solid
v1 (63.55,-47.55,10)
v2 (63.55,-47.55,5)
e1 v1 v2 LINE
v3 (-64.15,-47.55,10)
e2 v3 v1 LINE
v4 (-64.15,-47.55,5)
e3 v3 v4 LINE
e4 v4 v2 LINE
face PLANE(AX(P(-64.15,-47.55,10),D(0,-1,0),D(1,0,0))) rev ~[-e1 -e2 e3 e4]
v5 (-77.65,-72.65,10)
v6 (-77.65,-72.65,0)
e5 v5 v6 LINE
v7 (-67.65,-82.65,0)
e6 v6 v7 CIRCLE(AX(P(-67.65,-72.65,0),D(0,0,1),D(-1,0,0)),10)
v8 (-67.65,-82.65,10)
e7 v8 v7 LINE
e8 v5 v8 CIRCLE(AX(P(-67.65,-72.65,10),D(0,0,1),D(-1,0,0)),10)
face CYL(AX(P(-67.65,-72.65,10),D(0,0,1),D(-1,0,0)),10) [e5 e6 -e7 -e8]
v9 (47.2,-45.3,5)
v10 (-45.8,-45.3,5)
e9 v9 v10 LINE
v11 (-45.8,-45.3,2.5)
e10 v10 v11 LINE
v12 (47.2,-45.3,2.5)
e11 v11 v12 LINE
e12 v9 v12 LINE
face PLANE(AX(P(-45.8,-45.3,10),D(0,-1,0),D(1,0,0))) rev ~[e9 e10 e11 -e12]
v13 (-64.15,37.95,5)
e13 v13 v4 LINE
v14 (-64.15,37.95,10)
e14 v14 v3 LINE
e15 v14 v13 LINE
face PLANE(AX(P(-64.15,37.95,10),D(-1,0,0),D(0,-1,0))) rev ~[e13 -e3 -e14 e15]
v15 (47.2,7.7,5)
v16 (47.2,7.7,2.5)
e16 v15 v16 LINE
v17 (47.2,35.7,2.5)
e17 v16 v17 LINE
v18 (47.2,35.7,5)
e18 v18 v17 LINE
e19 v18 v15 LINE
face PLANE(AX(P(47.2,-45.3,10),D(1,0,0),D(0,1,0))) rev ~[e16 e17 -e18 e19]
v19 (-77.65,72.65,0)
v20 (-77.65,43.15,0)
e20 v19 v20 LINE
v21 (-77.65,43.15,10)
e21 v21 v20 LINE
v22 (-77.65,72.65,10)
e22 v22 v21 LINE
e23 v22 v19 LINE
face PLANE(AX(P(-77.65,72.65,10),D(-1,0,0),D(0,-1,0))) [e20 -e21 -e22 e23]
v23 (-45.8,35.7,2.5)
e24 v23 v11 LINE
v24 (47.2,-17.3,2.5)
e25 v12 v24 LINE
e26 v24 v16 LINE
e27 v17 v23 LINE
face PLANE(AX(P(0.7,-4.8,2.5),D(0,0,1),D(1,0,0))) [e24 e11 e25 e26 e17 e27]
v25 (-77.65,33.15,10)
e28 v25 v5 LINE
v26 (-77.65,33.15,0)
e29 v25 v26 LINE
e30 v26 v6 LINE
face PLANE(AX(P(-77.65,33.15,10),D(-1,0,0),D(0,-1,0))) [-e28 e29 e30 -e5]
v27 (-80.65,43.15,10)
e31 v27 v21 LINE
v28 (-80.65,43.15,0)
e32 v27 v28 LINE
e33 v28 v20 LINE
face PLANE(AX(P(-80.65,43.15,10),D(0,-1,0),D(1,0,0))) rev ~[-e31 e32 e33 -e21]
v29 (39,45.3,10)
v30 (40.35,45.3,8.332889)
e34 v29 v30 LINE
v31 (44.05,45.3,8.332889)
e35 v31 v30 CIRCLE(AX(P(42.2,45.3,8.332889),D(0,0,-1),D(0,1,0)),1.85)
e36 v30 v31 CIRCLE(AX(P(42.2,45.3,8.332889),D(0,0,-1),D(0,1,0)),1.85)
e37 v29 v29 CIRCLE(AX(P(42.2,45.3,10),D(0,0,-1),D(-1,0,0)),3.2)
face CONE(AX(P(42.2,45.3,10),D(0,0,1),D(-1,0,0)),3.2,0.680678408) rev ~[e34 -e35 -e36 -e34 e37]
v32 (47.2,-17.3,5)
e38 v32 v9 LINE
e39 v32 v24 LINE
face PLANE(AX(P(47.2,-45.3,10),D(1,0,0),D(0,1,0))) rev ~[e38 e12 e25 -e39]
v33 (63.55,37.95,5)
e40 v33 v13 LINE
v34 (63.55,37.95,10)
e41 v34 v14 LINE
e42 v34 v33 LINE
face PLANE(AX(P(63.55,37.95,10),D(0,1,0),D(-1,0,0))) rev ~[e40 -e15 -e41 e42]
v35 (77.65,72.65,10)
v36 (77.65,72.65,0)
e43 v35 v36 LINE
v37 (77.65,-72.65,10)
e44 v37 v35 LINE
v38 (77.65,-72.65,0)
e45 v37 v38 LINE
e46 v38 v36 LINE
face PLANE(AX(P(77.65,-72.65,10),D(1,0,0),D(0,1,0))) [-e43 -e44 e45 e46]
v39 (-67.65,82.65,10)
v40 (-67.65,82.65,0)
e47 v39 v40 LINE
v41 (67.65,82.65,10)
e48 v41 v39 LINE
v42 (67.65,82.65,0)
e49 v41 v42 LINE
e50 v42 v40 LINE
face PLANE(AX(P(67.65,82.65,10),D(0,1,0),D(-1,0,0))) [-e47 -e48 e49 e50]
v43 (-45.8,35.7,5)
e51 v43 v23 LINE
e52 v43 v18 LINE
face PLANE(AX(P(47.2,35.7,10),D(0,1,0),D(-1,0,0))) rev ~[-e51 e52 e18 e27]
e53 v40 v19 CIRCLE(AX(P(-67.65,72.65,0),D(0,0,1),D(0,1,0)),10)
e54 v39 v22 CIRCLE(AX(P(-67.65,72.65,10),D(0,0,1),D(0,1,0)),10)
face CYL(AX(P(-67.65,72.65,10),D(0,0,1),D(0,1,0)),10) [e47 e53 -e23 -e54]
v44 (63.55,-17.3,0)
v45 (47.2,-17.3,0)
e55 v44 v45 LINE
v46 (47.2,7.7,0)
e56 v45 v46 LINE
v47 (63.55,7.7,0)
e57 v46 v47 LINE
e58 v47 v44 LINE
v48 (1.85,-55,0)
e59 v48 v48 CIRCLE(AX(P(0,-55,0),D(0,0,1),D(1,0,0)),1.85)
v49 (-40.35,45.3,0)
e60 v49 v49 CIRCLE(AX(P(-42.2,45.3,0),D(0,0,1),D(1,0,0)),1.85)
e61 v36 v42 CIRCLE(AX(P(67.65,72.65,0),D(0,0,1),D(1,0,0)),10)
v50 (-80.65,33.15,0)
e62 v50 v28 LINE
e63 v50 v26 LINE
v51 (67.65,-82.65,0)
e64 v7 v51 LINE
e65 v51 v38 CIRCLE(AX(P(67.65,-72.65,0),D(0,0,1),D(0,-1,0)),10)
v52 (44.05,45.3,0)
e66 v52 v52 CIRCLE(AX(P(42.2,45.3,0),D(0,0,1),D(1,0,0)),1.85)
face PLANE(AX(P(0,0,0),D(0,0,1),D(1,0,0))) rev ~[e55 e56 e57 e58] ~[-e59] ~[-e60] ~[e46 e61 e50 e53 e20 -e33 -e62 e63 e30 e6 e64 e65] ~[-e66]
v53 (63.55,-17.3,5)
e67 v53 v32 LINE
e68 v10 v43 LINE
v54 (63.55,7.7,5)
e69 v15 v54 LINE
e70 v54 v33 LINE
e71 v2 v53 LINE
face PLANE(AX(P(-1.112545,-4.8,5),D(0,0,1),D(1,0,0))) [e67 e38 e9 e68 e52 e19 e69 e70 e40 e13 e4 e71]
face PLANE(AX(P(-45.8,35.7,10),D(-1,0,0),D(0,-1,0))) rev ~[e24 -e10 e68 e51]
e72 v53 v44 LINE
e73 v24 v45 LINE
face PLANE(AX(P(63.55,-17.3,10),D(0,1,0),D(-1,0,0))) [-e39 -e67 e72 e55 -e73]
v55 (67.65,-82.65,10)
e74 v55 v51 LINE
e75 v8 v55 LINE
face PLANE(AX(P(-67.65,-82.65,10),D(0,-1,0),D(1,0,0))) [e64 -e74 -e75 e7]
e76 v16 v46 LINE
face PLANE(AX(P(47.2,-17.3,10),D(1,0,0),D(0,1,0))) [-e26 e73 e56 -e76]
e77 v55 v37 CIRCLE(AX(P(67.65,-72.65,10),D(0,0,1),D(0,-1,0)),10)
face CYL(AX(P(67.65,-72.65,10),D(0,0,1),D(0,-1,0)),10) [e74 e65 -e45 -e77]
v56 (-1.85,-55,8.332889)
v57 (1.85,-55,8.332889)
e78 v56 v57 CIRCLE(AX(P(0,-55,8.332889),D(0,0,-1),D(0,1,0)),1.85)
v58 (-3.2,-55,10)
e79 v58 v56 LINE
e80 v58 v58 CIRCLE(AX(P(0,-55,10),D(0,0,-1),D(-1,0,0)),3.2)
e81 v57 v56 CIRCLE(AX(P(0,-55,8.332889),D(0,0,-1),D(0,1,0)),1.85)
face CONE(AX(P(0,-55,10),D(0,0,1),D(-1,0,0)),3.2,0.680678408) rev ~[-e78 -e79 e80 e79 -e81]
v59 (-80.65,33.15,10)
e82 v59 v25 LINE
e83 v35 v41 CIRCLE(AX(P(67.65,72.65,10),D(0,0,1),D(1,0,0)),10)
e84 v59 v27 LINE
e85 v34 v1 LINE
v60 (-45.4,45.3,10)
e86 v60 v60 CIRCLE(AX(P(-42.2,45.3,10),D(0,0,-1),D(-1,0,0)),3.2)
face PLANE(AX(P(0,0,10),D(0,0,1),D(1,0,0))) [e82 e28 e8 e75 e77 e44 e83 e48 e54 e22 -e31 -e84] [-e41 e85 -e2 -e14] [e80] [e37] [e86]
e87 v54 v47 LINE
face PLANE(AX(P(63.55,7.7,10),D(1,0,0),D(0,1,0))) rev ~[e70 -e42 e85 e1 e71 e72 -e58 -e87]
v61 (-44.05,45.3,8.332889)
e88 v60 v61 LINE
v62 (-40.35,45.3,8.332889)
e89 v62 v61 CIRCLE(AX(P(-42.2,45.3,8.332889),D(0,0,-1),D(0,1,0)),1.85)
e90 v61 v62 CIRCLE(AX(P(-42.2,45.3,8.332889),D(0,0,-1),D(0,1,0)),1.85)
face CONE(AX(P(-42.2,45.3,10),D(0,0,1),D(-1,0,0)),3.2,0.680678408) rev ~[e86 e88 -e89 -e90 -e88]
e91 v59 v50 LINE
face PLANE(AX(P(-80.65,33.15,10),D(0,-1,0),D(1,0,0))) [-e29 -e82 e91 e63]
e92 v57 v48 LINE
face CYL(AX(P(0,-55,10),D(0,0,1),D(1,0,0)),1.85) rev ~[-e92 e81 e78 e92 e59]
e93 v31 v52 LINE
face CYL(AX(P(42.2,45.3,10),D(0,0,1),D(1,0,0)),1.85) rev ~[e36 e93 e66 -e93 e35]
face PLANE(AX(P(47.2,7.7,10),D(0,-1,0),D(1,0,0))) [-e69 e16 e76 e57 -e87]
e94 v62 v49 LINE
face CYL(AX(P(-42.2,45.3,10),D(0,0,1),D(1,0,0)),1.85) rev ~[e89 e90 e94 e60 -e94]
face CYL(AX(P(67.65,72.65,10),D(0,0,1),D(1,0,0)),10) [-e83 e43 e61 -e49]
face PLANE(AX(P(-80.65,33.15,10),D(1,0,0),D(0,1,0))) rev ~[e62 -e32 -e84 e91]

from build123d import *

# Parameters (mm, degrees)
F2_R           = 1.85
F2_W           = 3
F2_H           = 10
F3_DEPTH       = 10
F4_DEPTH       = 5
F5_DEPTH       = 7.5
F6_D           = 3.7
F6_CSINK_D     = 6.4
F6_CSINK_ANGLE = 78


with BuildPart() as f3:
    # F2 (on offset) → F3 (new body)
    with BuildSketch(Plane.XY.offset(10)):
        with BuildLine():
            ThreePointArc((77.65, 72.65), (74.7210678119, 79.7210678119), (67.65, 82.65))
            Line((67.65, 82.65), (-67.65, 82.65))
            ThreePointArc((-67.65, 82.65), (-74.7210678119, 79.7210678119), (-77.65, 72.65))
            Line((-77.65, 72.65), (-77.65, 43.15))
            Line((-77.65, 43.15), (-77.65, 33.15))
            Line((-77.65, 33.15), (-77.65, -72.65))
            ThreePointArc((-77.65, -72.65), (-74.7210678119, -79.7210678119), (-67.65, -82.65))
            Line((-67.65, -82.65), (67.65, -82.65))
            ThreePointArc((67.65, -82.65), (74.7210678119, -79.7210678119), (77.65, -72.65))
            Line((77.65, -72.65), (77.65, 72.65))
        make_face()
        with Locations((0, -55)):
            Circle(F2_R, mode=Mode.SUBTRACT)
        Polygon((-64.15, -47.55), (-64.15, 37.95), (63.55, 37.95), (63.55, 7.7), (63.55, -17.3), (63.55, -47.55), align=None, mode=Mode.SUBTRACT)
        with Locations((-42.2, 45.3)):
            Circle(F2_R, mode=Mode.SUBTRACT)
        with Locations((42.2, 45.3)):
            Circle(F2_R, mode=Mode.SUBTRACT)
        Polygon((63.55, 37.95), (-64.15, 37.95), (-64.15, -47.55), (63.55, -47.55), (63.55, -17.3), (47.2, -17.3), (47.2, -45.3), (-45.8, -45.3), (-45.8, 35.7), (47.2, 35.7), (47.2, 7.7), (63.55, 7.7), align=None)
        with Locations((-79.15, 38.15)):
            Rectangle(F2_W, F2_H)
        Polygon((47.2, -17.3), (47.2, 7.7), (47.2, 35.7), (-45.8, 35.7), (-45.8, -45.3), (47.2, -45.3), align=None)
    extrude(amount=-F3_DEPTH)

    # F2 (on offset) → F4 (cut)
    with BuildSketch(Plane.XY.offset(10)):
        Polygon((63.55, 37.95), (-64.15, 37.95), (-64.15, -47.55), (63.55, -47.55), (63.55, -17.3), (47.2, -17.3), (47.2, -45.3), (-45.8, -45.3), (-45.8, 35.7), (47.2, 35.7), (47.2, 7.7), (63.55, 7.7), align=None)
    extrude(amount=-F4_DEPTH, mode=Mode.SUBTRACT)

    # F2 (on offset) → F5 (cut)
    with BuildSketch(Plane.XY.offset(10)):
        Polygon((47.2, -17.3), (47.2, 7.7), (47.2, 35.7), (-45.8, 35.7), (-45.8, -45.3), (47.2, -45.3), align=None)
    extrude(amount=-F5_DEPTH, mode=Mode.SUBTRACT)

    # F6 (through all)
    with Locations(Plane.XY.offset(10)):
        with Locations((-42.2, 45.3), (42.2, 45.3), (0, -55)):
            CounterSinkHole(F6_D / 2, F6_CSINK_D / 2, counter_sink_angle=F6_CSINK_ANGLE)


solid = f3.part
